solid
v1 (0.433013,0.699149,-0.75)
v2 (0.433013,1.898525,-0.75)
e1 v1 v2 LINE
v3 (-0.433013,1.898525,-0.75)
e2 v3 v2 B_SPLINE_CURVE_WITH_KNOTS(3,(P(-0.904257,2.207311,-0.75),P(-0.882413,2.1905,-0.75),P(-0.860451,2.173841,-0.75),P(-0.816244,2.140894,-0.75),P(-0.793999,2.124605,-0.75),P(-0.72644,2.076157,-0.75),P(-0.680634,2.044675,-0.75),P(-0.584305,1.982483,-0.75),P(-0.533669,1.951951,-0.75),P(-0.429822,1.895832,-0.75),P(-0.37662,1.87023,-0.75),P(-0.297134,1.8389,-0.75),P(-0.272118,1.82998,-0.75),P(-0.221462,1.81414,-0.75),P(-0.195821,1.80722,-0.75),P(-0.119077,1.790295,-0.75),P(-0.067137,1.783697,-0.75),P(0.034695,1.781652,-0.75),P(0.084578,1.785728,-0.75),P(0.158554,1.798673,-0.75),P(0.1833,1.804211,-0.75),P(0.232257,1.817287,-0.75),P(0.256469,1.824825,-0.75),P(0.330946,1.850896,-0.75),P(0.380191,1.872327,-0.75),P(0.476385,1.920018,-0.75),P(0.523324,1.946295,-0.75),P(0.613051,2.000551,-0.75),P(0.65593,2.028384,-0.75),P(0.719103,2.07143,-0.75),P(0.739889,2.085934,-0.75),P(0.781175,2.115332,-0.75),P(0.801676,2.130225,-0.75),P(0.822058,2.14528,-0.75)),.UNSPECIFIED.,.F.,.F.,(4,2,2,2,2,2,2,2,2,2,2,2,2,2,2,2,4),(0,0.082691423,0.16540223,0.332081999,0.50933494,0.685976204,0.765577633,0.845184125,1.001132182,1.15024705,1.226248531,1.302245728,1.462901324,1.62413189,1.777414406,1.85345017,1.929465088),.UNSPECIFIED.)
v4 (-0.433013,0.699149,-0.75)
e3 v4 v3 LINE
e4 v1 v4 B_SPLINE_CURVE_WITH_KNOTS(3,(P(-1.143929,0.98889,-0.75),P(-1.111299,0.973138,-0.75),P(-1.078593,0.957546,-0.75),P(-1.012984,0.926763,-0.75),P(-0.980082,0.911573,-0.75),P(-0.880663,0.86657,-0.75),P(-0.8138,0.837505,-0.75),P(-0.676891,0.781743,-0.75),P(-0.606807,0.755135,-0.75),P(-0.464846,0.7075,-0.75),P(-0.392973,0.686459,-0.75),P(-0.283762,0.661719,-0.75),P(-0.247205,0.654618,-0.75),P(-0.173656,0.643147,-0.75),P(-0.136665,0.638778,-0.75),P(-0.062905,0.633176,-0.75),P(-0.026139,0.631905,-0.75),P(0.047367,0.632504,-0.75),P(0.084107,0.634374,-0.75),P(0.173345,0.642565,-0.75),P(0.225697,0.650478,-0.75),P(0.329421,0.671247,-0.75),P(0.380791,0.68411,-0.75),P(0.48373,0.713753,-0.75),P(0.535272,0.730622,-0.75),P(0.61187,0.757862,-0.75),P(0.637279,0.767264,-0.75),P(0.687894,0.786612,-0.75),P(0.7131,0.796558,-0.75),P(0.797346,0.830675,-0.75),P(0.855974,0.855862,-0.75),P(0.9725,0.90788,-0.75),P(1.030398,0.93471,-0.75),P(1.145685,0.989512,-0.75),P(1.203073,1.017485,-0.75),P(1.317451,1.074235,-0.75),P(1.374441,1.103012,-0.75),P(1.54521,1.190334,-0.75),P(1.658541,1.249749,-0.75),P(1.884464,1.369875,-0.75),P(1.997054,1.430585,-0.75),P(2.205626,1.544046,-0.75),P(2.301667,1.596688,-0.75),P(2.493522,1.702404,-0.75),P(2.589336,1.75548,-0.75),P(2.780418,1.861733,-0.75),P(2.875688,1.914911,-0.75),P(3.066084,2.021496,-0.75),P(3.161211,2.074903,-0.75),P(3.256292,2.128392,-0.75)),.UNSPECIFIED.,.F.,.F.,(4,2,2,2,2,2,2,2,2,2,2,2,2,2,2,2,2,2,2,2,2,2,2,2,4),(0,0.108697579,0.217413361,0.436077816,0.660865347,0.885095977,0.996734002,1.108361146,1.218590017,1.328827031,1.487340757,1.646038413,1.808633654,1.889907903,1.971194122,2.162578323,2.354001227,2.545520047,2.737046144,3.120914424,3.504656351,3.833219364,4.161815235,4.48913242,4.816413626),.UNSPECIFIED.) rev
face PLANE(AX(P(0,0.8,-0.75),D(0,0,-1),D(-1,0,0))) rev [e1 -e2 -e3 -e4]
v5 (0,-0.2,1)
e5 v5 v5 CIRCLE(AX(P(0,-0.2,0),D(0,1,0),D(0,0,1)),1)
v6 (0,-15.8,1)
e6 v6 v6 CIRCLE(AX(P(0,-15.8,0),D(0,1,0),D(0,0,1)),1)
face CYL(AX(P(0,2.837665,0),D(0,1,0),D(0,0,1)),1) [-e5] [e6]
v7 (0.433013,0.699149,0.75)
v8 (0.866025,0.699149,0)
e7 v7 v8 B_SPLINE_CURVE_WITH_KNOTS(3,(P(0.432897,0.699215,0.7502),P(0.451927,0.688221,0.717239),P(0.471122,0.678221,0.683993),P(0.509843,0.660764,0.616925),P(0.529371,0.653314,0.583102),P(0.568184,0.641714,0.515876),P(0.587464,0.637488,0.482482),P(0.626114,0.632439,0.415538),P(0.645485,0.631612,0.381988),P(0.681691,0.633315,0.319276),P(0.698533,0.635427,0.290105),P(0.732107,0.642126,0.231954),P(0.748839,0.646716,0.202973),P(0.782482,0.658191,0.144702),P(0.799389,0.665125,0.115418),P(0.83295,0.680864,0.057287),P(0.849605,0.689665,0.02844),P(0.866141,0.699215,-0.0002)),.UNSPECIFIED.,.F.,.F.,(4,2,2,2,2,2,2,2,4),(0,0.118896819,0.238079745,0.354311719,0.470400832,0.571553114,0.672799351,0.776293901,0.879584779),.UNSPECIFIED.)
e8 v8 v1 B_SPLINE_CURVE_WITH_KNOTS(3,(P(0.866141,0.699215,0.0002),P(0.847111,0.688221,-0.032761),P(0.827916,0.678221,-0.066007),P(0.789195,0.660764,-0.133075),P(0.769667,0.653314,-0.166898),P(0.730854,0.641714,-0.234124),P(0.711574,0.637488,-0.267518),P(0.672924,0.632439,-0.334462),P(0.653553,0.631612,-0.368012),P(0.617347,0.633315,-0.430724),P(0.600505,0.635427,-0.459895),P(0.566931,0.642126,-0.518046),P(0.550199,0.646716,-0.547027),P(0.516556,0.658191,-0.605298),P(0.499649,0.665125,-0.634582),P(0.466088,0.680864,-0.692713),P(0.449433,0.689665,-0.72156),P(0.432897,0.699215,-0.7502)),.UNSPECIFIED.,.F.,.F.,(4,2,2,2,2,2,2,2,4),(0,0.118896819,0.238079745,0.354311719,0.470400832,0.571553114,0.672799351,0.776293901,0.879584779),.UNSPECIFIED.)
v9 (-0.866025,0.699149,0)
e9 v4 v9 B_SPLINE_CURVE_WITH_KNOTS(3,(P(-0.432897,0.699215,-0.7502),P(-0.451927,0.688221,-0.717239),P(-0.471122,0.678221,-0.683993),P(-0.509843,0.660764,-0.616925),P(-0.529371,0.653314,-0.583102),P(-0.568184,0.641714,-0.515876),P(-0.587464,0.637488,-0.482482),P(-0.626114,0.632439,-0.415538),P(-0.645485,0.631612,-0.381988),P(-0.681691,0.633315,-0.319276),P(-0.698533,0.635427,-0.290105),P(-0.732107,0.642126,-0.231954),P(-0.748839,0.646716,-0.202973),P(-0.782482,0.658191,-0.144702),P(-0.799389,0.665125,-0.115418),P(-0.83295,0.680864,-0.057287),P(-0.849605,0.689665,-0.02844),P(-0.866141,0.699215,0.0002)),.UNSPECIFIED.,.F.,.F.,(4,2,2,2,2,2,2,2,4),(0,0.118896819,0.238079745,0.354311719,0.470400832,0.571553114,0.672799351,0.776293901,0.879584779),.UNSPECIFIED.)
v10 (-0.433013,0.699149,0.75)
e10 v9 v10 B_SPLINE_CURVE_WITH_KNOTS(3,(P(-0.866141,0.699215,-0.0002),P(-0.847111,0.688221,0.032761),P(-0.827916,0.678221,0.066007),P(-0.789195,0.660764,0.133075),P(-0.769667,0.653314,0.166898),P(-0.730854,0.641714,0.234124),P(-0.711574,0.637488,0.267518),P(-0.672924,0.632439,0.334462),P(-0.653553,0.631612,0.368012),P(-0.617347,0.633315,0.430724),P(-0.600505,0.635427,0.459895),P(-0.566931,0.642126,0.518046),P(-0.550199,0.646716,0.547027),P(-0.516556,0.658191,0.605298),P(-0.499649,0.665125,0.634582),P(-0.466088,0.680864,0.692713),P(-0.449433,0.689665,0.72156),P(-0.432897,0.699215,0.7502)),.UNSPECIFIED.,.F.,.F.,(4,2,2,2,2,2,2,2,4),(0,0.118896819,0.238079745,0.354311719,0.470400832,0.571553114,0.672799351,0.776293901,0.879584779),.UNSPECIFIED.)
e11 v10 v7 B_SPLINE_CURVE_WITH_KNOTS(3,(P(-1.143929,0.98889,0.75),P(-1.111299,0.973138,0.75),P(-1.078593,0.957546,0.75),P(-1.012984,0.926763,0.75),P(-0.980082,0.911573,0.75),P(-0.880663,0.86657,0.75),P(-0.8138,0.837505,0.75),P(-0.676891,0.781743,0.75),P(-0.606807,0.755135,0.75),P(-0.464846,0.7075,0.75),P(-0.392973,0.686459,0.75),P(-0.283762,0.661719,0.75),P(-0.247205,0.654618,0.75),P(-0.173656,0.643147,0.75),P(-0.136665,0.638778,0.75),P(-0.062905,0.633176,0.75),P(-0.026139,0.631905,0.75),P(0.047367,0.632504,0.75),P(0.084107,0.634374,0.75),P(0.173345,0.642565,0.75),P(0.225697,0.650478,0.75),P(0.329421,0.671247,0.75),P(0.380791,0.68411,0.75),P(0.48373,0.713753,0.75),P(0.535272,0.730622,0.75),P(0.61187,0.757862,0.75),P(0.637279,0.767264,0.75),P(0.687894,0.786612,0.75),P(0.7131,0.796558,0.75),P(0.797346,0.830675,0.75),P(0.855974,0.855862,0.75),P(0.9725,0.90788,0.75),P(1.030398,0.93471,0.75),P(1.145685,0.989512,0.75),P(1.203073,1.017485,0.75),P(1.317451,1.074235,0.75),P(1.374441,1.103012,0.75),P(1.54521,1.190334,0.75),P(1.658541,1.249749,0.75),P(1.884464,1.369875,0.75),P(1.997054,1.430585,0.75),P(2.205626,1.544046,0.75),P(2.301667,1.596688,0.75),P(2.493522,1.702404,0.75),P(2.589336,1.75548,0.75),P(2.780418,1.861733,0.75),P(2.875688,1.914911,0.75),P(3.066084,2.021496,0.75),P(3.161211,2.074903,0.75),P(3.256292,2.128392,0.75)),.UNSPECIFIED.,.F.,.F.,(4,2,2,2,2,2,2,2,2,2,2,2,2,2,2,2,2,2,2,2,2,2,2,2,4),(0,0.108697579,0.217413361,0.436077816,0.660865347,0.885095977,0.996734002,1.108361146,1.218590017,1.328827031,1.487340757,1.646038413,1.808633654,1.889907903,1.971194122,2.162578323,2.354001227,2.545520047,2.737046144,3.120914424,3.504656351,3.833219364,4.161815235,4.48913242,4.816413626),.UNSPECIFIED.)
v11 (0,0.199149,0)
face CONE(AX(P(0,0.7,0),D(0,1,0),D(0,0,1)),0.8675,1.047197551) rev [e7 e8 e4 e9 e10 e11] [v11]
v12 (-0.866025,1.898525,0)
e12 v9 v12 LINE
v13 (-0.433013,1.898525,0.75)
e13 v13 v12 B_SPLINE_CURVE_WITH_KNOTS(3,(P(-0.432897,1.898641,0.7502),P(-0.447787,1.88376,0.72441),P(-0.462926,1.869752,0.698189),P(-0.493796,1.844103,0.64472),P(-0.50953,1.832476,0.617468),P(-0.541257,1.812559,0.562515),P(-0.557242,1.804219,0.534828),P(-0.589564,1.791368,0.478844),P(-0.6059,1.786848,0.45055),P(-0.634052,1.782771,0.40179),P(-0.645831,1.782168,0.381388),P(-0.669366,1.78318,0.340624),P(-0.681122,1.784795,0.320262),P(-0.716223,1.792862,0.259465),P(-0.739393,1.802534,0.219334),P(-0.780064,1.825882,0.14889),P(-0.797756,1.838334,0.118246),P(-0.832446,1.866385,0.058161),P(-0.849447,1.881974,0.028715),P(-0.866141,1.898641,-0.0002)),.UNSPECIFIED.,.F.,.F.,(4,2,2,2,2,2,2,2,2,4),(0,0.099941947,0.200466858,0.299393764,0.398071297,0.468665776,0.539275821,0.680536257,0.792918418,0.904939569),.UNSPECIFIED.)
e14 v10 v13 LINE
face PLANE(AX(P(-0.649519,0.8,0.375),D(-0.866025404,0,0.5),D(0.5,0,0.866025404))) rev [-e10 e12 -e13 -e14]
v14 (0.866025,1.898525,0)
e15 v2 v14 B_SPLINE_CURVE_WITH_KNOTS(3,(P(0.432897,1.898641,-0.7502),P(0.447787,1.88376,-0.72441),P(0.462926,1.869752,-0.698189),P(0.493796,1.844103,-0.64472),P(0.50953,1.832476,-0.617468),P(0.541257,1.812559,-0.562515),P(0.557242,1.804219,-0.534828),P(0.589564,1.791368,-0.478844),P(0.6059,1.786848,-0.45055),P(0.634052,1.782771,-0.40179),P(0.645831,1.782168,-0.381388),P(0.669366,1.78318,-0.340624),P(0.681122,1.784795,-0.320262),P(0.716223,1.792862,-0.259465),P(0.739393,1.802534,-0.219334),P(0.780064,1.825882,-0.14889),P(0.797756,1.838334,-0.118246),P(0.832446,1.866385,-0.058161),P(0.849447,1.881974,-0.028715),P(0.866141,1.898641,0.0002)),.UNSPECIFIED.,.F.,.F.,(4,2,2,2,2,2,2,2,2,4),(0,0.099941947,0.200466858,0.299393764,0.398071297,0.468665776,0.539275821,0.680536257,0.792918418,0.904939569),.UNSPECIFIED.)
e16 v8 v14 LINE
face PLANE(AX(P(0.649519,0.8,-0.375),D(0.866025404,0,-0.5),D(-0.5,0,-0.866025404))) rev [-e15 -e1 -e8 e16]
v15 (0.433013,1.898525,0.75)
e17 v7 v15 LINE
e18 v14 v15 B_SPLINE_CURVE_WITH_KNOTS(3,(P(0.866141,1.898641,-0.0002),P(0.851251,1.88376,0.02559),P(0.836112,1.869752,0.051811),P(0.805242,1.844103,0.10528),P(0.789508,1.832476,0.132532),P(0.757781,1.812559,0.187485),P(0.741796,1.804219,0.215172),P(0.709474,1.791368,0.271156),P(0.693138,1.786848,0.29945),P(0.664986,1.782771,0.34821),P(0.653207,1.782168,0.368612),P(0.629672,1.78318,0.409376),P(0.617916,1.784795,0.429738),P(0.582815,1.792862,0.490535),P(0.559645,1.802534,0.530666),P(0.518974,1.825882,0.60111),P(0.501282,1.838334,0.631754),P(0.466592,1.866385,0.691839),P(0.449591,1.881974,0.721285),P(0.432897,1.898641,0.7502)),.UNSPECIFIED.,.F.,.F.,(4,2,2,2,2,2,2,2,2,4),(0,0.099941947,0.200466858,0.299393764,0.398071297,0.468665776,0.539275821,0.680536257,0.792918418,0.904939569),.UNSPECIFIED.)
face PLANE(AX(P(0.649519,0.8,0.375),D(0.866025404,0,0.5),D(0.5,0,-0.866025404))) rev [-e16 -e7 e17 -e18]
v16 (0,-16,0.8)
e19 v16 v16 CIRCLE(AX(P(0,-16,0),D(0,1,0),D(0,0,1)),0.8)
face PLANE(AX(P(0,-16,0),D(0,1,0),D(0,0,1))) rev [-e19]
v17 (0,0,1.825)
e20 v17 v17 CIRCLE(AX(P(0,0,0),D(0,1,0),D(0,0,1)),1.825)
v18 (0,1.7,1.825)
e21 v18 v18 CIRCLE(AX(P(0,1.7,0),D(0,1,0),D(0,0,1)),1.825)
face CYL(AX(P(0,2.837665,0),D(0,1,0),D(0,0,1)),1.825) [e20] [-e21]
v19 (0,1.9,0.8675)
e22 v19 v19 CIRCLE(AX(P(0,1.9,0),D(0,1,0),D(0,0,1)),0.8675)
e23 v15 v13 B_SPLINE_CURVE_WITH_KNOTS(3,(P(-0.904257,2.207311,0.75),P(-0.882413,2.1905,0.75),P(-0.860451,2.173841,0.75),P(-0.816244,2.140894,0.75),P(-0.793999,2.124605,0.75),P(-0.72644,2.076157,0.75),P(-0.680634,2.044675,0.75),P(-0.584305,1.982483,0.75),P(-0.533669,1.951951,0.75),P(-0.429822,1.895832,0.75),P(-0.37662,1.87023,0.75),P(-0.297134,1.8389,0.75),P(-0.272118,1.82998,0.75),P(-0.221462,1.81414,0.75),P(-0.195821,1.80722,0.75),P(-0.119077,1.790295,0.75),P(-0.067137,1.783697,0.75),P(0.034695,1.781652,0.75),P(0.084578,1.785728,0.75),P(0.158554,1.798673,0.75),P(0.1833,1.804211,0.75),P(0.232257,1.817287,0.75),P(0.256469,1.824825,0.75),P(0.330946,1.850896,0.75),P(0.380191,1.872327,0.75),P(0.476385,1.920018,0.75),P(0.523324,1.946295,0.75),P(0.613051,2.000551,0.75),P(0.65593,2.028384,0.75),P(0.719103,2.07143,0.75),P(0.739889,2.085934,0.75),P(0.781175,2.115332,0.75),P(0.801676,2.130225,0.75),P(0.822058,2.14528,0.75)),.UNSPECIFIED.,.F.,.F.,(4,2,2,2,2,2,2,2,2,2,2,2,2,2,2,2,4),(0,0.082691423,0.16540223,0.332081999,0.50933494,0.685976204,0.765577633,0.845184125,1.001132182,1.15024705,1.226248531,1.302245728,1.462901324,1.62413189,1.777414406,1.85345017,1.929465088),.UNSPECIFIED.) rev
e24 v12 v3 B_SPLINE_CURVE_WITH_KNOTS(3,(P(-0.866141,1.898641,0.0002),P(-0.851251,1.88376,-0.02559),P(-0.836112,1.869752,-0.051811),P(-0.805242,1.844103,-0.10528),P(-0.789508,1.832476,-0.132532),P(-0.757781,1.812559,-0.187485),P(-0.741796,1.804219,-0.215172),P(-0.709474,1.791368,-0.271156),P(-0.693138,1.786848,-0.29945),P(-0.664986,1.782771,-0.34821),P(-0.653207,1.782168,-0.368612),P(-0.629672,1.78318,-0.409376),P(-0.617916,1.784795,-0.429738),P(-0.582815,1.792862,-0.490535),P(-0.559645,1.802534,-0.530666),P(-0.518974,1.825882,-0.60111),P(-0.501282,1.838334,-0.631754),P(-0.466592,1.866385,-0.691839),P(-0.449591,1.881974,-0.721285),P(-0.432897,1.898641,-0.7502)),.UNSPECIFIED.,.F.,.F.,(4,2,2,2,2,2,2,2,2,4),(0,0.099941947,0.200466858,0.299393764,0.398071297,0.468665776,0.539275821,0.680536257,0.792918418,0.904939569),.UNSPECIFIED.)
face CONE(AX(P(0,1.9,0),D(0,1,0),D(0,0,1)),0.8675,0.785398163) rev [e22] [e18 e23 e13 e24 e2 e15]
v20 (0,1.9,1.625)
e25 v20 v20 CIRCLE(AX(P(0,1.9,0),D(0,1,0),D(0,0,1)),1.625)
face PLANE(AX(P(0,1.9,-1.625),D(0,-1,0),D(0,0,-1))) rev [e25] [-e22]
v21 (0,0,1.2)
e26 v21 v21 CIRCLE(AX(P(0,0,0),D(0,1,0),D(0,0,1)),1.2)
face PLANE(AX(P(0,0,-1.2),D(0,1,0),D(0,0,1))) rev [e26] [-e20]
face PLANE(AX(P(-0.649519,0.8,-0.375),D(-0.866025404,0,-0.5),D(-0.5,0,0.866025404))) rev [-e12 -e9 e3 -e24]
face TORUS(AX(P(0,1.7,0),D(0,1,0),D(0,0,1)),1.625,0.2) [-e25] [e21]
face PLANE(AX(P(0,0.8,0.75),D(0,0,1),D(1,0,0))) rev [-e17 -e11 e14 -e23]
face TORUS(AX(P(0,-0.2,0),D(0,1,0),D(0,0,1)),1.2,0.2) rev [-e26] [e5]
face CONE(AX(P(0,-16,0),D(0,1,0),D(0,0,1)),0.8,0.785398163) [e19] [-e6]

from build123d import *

# Parameters (mm, degrees)
CUT_EXTRUDE1_DEPTH  = 1.1
BOSS_EXTRUDE1_REACH = 20.585
BOSS_EXTRUDE1_START = -0.5
SKETCH2_3_R         = 1.309481769


with BuildPart() as part:
    # Sketch1 → Revolve1 (revolve)
    with BuildSketch(Plane(origin=(0, 0, 0), x_dir=(0, 0, -1), z_dir=(1, 0, 0))):
        with BuildLine():
            Line((0, -16), (0.8, -16))
            Line((0.8, -16), (1, -15.8))
            Line((1, -15.8), (1, -0.2))
            ThreePointArc((1, -0.2), (1.058578644, -0.058578644), (1.2, 0))
            Line((1.2, 0), (1.825, 0))
            Line((1.825, 0), (1.825, 1.7))
            ThreePointArc((1.825, 1.7), (1.766421356, 1.841421356), (1.625, 1.9))
            Line((1.625, 1.9), (0.8675, 1.9))
            Line((0.8675, 1.9), (0.75, 1.7825))
            Line((0.75, 1.7825), (0.75, 0.9))
            Line((0.75, 0.9), (0.8675, 0.9))
            Line((0.8675, 0.9), (0.8675, 0.7))
            Line((0.8675, 0.7), (0, 0.199148641))
            Line((0, 0.199148641), (0, -16))
        make_face()
    revolve(axis=Axis((0, 2.837665271, 0), (0, -1, 0)))

    # Sketch2 → Cut-Extrude1 (cut)
    with BuildSketch(Plane(origin=(0, 1.9, 0), x_dir=(1, 0, 0), z_dir=(0, 1, 0))):
        Polygon((-0.433012702, -0.75), (0.433012702, -0.75), (0.866025404, 0), (0.433012702, 0.75), (-0.433012702, 0.75), (-0.866025404, 0), align=None)
    extrude(amount=-CUT_EXTRUDE1_DEPTH, mode=Mode.SUBTRACT)

    # Boss-Extrude1: up to this cone (the profile starts inside it)
    boss_extrude1_end = Plane(origin=(0, 1.4, 0), z_dir=(0, 1, 0)).offset(-1.200850359) * Cone(1.732e-06, 42.202780918, 24.365785924, align=(Align.CENTER, Align.CENTER, Align.MIN), mode=Mode.PRIVATE)
    # Sketch2<3> → Boss-Extrude1 (add, up to the surface)
    with BuildSketch(Plane(origin=(0, 1.9, 0), x_dir=(1, 0, 0), z_dir=(0, 1, 0)).offset(BOSS_EXTRUDE1_START), mode=Mode.PRIVATE) as boss_extrude1_sk1:
        Circle(SKETCH2_3_R)
        Polygon((0.433012702, -0.75), (0.866025404, 0), (0.433012702, 0.75), (-0.433012702, 0.75), (-0.866025404, 0), (-0.433012702, -0.75), align=None, mode=Mode.SUBTRACT)
    boss_extrude1_tool1 = extrude(boss_extrude1_sk1.sketch, amount=-BOSS_EXTRUDE1_REACH, mode=Mode.PRIVATE) & boss_extrude1_end
    add(boss_extrude1_tool1.solids().sort_by_distance((-1.272444, 1.4, 0))[0])


solid = part.part
